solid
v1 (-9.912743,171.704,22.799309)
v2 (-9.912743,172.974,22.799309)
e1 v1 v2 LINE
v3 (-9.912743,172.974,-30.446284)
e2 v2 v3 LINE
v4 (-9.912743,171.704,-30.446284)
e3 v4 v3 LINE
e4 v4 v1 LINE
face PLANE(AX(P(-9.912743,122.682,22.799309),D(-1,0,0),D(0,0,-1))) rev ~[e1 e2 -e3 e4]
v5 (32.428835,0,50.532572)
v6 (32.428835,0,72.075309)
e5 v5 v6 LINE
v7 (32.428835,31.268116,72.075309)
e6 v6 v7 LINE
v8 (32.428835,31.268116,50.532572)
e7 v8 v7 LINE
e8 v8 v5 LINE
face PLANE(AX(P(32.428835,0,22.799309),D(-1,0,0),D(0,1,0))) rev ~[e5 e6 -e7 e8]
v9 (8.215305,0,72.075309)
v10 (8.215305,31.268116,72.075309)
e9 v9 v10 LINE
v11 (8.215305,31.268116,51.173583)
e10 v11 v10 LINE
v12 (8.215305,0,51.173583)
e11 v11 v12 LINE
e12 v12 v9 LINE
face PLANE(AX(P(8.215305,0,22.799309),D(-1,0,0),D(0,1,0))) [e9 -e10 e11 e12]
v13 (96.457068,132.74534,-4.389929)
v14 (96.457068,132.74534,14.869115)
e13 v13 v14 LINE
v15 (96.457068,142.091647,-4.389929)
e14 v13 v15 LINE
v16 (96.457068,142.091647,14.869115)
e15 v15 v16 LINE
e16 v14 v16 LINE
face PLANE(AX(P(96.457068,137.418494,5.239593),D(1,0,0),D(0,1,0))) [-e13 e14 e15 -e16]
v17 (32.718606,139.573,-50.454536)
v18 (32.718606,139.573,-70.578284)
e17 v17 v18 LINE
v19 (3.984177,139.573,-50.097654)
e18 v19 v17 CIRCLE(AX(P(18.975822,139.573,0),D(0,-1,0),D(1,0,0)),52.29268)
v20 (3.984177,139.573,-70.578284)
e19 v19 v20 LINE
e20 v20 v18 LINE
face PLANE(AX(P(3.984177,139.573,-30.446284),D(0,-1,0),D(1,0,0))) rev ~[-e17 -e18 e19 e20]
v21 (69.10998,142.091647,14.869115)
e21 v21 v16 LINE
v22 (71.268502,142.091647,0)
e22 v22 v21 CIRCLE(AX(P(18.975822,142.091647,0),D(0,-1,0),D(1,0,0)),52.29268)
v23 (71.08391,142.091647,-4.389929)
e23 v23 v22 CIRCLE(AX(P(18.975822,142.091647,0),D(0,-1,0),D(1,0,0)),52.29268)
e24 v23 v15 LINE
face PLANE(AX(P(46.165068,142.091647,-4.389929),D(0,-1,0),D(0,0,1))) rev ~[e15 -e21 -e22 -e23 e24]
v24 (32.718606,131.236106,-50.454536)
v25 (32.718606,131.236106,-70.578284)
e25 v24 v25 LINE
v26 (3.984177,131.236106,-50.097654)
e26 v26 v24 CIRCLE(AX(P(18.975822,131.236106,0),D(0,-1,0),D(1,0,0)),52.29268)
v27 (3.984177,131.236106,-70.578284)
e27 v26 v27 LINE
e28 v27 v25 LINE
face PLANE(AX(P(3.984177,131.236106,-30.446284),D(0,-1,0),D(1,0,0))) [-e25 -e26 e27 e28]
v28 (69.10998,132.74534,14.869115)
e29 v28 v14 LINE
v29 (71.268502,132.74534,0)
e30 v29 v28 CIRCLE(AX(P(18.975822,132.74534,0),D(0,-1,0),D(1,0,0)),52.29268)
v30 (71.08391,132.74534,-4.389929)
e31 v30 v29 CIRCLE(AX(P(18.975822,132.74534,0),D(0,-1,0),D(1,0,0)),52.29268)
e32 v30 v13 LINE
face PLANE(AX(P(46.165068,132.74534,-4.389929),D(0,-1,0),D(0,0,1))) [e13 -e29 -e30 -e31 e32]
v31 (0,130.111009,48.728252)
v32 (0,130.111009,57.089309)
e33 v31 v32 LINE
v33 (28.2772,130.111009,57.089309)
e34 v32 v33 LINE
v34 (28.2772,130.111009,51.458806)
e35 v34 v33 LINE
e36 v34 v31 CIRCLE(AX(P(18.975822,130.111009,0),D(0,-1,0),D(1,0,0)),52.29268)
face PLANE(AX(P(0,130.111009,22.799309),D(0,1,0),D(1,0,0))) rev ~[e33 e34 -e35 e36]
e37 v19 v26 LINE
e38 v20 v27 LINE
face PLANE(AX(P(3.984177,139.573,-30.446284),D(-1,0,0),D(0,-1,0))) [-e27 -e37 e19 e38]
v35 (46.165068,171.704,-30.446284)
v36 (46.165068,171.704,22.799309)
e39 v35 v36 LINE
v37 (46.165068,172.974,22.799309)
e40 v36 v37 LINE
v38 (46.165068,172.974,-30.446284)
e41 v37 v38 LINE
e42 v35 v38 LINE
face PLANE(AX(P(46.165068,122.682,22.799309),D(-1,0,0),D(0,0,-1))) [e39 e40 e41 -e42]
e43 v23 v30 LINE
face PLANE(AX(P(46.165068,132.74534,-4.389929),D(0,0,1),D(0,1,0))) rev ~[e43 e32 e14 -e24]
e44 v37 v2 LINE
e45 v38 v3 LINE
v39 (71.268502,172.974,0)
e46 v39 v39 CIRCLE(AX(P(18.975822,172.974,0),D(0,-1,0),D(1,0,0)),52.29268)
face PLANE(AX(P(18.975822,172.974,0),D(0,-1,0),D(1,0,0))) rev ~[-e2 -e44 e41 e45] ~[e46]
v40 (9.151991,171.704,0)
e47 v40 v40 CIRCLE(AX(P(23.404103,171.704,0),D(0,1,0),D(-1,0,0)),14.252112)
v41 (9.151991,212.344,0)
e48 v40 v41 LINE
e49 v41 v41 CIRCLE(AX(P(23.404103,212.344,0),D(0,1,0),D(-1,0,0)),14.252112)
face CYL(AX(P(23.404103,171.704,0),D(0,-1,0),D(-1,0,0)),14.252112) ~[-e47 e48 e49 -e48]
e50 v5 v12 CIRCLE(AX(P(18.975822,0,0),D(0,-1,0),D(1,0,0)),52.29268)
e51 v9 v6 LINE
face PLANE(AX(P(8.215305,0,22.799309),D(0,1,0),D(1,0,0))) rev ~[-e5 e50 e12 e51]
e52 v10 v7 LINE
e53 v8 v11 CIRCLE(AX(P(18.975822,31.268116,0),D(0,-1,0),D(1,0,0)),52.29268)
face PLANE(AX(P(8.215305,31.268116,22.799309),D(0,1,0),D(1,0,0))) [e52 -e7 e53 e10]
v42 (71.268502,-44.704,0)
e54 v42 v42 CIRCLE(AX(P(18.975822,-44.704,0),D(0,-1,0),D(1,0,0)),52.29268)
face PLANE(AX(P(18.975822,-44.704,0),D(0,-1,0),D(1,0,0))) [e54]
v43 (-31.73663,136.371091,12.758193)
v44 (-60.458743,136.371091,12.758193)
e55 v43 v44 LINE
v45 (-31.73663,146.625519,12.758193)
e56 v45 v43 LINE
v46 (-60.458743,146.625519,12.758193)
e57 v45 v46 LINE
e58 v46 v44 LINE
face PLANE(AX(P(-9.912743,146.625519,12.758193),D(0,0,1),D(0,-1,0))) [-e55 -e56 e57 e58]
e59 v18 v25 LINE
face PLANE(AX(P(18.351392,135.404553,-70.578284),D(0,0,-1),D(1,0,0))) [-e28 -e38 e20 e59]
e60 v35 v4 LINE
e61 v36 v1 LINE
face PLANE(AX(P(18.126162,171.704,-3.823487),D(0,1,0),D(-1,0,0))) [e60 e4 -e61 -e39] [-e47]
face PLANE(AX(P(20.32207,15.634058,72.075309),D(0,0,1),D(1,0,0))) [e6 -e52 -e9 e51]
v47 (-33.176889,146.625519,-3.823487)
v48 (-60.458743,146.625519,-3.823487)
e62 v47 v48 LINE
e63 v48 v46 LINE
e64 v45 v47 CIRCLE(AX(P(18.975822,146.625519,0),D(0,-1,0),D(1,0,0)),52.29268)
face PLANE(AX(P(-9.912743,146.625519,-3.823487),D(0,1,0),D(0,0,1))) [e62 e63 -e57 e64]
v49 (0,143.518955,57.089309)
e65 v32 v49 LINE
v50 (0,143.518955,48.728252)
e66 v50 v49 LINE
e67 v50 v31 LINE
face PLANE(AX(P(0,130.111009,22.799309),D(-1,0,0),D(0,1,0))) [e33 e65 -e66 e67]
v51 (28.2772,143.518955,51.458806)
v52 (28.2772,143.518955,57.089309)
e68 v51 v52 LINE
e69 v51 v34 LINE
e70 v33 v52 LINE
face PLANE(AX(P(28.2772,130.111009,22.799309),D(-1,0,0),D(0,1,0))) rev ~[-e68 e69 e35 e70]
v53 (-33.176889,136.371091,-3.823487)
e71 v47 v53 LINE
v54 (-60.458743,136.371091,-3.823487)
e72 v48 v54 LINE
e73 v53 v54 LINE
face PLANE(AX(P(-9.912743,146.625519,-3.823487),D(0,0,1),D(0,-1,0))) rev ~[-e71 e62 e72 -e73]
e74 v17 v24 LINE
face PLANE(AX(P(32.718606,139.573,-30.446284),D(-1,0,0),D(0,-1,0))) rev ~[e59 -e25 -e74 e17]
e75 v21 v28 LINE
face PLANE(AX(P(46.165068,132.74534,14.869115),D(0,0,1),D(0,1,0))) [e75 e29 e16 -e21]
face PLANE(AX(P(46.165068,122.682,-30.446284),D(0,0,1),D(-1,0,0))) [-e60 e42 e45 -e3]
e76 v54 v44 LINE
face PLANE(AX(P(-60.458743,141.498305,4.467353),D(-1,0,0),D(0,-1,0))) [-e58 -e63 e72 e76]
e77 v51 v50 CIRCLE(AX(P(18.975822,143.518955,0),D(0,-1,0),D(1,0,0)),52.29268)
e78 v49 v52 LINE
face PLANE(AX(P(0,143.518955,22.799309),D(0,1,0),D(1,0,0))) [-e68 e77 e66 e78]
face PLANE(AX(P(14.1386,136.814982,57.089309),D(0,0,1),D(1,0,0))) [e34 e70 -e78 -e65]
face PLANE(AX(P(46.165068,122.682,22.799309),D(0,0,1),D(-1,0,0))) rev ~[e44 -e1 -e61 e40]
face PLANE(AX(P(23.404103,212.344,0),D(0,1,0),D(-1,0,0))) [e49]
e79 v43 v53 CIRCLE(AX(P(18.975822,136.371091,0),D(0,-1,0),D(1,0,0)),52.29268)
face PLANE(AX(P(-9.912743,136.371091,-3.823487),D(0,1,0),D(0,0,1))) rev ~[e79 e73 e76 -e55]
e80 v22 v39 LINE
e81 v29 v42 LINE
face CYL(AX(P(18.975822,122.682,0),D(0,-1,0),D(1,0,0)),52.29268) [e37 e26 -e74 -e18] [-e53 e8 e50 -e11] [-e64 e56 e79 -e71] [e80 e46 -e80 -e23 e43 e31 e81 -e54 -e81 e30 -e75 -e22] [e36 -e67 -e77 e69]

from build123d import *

# Parameters (mm, degrees)
F0_W      = 56.0778109357
F0_H      = 53.2455928624
F1_DEPTH  = 44.704
F2_DEPTH  = 156.464
F3_W      = 24.2135291919
F3_H      = 31.2681160867
F4_DEPTH  = 49.276
F5_R      = 52.2926795061
F6_DEPTH  = 167.386
F7_W      = 28.2771997154
F7_H      = 13.4079456329
F8_DEPTH  = 34.29
F9_W      = 9.346306324
F9_H      = 19.2590444349
F10_DEPTH = 50.292
F11_W     = 10.2544277906
F11_H     = 16.5816796944
F12_DEPTH = 50.546
F13_W     = 28.7344292738
F13_H     = 8.3368938427
F14_DEPTH = 40.132
F15_DEPTH = 50.292
F16_W     = 56.0778109357
F16_H     = 53.2455928624
F17_DEPTH = 15.24
F18_R     = 14.2521119729
F19_DEPTH = 40.64


with BuildPart() as f1:
    # F0 (on Front) → F1 (new body)
    with BuildSketch(Plane.XZ):
        with Locations((18.1261622347, -3.8234870881)):
            Rectangle(F0_W, F0_H)
    extrude(amount=F1_DEPTH)

    # F2 (add): a face of the model
    f2_faces = [f1.faces().sort_by_distance(p)[0] for p in [
        (18.1261622347, 0, -3.8234870881),
    ]]
    extrude(f2_faces, amount=F2_DEPTH)

    # F3 (on face) → F4 (join)
    with BuildSketch(Plane.XY.offset(22.7993093431)):
        with Locations((20.3220699914, 15.6340580434)):
            Rectangle(F3_W, F3_H)
    extrude(amount=F4_DEPTH)

    # F5 (on face) → F6 (join)
    with BuildSketch(Plane.XZ.offset(44.704)):
        with Locations((18.975822255, 0)):
            Circle(F5_R)
    extrude(amount=-F6_DEPTH)

    # F7 (on face) → F8 (join)
    with BuildSketch(Plane.XY.offset(22.7993093431)):
        with Locations((14.1385998577, 136.814981699)):
            Rectangle(F7_W, F7_H)
    extrude(amount=F8_DEPTH)

    # F9 (on face) → F10 (join)
    with BuildSketch(Plane.YZ.offset(46.1650677025)):
        with Locations((137.4184936285, 5.2395930979)):
            Rectangle(F9_W, F9_H)
    extrude(amount=F10_DEPTH)

    # F11 (on face) → F12 (join)
    with BuildSketch(Plane(origin=(-9.9127432331, 0, 0), x_dir=(0, -1, 0), z_dir=(-1, 0, 0))):
        with Locations((-141.4983049035, 4.4673527591)):
            Rectangle(F11_W, F11_H)
    extrude(amount=F12_DEPTH)

    # F13 (on face) → F14 (join)
    with BuildSketch(Plane(origin=(0, 0, -30.4462835193), x_dir=(1, 0, 0), z_dir=(0, 0, -1))):
        with Locations((18.3513916563, -135.4045530787)):
            Rectangle(F13_W, F13_H)
    extrude(amount=F14_DEPTH)

    # F15 (add): a face of the model
    f15_faces = [f1.faces().sort_by_distance(p)[0] for p in [
        (-31.8377969197, 122.682, 0),
    ]]
    extrude(f15_faces, amount=F15_DEPTH)

    # F16 (on face) → F17 (join)
    with BuildSketch(Plane(origin=(0, 156.464, 0), x_dir=(-1, 0, 0), z_dir=(0, 1, 0))):
        with Locations((-18.1261622347, -3.8234870881)):
            Rectangle(F16_W, F16_H)
    extrude(amount=F17_DEPTH)

    # F18 (on face) → F19 (join)
    with BuildSketch(Plane(origin=(0, 171.704, 0), x_dir=(-1, 0, 0), z_dir=(0, 1, 0))):
        with Locations((-23.4041027725, 0)):
            Circle(F18_R)
    extrude(amount=F19_DEPTH)


solid = f1.part
